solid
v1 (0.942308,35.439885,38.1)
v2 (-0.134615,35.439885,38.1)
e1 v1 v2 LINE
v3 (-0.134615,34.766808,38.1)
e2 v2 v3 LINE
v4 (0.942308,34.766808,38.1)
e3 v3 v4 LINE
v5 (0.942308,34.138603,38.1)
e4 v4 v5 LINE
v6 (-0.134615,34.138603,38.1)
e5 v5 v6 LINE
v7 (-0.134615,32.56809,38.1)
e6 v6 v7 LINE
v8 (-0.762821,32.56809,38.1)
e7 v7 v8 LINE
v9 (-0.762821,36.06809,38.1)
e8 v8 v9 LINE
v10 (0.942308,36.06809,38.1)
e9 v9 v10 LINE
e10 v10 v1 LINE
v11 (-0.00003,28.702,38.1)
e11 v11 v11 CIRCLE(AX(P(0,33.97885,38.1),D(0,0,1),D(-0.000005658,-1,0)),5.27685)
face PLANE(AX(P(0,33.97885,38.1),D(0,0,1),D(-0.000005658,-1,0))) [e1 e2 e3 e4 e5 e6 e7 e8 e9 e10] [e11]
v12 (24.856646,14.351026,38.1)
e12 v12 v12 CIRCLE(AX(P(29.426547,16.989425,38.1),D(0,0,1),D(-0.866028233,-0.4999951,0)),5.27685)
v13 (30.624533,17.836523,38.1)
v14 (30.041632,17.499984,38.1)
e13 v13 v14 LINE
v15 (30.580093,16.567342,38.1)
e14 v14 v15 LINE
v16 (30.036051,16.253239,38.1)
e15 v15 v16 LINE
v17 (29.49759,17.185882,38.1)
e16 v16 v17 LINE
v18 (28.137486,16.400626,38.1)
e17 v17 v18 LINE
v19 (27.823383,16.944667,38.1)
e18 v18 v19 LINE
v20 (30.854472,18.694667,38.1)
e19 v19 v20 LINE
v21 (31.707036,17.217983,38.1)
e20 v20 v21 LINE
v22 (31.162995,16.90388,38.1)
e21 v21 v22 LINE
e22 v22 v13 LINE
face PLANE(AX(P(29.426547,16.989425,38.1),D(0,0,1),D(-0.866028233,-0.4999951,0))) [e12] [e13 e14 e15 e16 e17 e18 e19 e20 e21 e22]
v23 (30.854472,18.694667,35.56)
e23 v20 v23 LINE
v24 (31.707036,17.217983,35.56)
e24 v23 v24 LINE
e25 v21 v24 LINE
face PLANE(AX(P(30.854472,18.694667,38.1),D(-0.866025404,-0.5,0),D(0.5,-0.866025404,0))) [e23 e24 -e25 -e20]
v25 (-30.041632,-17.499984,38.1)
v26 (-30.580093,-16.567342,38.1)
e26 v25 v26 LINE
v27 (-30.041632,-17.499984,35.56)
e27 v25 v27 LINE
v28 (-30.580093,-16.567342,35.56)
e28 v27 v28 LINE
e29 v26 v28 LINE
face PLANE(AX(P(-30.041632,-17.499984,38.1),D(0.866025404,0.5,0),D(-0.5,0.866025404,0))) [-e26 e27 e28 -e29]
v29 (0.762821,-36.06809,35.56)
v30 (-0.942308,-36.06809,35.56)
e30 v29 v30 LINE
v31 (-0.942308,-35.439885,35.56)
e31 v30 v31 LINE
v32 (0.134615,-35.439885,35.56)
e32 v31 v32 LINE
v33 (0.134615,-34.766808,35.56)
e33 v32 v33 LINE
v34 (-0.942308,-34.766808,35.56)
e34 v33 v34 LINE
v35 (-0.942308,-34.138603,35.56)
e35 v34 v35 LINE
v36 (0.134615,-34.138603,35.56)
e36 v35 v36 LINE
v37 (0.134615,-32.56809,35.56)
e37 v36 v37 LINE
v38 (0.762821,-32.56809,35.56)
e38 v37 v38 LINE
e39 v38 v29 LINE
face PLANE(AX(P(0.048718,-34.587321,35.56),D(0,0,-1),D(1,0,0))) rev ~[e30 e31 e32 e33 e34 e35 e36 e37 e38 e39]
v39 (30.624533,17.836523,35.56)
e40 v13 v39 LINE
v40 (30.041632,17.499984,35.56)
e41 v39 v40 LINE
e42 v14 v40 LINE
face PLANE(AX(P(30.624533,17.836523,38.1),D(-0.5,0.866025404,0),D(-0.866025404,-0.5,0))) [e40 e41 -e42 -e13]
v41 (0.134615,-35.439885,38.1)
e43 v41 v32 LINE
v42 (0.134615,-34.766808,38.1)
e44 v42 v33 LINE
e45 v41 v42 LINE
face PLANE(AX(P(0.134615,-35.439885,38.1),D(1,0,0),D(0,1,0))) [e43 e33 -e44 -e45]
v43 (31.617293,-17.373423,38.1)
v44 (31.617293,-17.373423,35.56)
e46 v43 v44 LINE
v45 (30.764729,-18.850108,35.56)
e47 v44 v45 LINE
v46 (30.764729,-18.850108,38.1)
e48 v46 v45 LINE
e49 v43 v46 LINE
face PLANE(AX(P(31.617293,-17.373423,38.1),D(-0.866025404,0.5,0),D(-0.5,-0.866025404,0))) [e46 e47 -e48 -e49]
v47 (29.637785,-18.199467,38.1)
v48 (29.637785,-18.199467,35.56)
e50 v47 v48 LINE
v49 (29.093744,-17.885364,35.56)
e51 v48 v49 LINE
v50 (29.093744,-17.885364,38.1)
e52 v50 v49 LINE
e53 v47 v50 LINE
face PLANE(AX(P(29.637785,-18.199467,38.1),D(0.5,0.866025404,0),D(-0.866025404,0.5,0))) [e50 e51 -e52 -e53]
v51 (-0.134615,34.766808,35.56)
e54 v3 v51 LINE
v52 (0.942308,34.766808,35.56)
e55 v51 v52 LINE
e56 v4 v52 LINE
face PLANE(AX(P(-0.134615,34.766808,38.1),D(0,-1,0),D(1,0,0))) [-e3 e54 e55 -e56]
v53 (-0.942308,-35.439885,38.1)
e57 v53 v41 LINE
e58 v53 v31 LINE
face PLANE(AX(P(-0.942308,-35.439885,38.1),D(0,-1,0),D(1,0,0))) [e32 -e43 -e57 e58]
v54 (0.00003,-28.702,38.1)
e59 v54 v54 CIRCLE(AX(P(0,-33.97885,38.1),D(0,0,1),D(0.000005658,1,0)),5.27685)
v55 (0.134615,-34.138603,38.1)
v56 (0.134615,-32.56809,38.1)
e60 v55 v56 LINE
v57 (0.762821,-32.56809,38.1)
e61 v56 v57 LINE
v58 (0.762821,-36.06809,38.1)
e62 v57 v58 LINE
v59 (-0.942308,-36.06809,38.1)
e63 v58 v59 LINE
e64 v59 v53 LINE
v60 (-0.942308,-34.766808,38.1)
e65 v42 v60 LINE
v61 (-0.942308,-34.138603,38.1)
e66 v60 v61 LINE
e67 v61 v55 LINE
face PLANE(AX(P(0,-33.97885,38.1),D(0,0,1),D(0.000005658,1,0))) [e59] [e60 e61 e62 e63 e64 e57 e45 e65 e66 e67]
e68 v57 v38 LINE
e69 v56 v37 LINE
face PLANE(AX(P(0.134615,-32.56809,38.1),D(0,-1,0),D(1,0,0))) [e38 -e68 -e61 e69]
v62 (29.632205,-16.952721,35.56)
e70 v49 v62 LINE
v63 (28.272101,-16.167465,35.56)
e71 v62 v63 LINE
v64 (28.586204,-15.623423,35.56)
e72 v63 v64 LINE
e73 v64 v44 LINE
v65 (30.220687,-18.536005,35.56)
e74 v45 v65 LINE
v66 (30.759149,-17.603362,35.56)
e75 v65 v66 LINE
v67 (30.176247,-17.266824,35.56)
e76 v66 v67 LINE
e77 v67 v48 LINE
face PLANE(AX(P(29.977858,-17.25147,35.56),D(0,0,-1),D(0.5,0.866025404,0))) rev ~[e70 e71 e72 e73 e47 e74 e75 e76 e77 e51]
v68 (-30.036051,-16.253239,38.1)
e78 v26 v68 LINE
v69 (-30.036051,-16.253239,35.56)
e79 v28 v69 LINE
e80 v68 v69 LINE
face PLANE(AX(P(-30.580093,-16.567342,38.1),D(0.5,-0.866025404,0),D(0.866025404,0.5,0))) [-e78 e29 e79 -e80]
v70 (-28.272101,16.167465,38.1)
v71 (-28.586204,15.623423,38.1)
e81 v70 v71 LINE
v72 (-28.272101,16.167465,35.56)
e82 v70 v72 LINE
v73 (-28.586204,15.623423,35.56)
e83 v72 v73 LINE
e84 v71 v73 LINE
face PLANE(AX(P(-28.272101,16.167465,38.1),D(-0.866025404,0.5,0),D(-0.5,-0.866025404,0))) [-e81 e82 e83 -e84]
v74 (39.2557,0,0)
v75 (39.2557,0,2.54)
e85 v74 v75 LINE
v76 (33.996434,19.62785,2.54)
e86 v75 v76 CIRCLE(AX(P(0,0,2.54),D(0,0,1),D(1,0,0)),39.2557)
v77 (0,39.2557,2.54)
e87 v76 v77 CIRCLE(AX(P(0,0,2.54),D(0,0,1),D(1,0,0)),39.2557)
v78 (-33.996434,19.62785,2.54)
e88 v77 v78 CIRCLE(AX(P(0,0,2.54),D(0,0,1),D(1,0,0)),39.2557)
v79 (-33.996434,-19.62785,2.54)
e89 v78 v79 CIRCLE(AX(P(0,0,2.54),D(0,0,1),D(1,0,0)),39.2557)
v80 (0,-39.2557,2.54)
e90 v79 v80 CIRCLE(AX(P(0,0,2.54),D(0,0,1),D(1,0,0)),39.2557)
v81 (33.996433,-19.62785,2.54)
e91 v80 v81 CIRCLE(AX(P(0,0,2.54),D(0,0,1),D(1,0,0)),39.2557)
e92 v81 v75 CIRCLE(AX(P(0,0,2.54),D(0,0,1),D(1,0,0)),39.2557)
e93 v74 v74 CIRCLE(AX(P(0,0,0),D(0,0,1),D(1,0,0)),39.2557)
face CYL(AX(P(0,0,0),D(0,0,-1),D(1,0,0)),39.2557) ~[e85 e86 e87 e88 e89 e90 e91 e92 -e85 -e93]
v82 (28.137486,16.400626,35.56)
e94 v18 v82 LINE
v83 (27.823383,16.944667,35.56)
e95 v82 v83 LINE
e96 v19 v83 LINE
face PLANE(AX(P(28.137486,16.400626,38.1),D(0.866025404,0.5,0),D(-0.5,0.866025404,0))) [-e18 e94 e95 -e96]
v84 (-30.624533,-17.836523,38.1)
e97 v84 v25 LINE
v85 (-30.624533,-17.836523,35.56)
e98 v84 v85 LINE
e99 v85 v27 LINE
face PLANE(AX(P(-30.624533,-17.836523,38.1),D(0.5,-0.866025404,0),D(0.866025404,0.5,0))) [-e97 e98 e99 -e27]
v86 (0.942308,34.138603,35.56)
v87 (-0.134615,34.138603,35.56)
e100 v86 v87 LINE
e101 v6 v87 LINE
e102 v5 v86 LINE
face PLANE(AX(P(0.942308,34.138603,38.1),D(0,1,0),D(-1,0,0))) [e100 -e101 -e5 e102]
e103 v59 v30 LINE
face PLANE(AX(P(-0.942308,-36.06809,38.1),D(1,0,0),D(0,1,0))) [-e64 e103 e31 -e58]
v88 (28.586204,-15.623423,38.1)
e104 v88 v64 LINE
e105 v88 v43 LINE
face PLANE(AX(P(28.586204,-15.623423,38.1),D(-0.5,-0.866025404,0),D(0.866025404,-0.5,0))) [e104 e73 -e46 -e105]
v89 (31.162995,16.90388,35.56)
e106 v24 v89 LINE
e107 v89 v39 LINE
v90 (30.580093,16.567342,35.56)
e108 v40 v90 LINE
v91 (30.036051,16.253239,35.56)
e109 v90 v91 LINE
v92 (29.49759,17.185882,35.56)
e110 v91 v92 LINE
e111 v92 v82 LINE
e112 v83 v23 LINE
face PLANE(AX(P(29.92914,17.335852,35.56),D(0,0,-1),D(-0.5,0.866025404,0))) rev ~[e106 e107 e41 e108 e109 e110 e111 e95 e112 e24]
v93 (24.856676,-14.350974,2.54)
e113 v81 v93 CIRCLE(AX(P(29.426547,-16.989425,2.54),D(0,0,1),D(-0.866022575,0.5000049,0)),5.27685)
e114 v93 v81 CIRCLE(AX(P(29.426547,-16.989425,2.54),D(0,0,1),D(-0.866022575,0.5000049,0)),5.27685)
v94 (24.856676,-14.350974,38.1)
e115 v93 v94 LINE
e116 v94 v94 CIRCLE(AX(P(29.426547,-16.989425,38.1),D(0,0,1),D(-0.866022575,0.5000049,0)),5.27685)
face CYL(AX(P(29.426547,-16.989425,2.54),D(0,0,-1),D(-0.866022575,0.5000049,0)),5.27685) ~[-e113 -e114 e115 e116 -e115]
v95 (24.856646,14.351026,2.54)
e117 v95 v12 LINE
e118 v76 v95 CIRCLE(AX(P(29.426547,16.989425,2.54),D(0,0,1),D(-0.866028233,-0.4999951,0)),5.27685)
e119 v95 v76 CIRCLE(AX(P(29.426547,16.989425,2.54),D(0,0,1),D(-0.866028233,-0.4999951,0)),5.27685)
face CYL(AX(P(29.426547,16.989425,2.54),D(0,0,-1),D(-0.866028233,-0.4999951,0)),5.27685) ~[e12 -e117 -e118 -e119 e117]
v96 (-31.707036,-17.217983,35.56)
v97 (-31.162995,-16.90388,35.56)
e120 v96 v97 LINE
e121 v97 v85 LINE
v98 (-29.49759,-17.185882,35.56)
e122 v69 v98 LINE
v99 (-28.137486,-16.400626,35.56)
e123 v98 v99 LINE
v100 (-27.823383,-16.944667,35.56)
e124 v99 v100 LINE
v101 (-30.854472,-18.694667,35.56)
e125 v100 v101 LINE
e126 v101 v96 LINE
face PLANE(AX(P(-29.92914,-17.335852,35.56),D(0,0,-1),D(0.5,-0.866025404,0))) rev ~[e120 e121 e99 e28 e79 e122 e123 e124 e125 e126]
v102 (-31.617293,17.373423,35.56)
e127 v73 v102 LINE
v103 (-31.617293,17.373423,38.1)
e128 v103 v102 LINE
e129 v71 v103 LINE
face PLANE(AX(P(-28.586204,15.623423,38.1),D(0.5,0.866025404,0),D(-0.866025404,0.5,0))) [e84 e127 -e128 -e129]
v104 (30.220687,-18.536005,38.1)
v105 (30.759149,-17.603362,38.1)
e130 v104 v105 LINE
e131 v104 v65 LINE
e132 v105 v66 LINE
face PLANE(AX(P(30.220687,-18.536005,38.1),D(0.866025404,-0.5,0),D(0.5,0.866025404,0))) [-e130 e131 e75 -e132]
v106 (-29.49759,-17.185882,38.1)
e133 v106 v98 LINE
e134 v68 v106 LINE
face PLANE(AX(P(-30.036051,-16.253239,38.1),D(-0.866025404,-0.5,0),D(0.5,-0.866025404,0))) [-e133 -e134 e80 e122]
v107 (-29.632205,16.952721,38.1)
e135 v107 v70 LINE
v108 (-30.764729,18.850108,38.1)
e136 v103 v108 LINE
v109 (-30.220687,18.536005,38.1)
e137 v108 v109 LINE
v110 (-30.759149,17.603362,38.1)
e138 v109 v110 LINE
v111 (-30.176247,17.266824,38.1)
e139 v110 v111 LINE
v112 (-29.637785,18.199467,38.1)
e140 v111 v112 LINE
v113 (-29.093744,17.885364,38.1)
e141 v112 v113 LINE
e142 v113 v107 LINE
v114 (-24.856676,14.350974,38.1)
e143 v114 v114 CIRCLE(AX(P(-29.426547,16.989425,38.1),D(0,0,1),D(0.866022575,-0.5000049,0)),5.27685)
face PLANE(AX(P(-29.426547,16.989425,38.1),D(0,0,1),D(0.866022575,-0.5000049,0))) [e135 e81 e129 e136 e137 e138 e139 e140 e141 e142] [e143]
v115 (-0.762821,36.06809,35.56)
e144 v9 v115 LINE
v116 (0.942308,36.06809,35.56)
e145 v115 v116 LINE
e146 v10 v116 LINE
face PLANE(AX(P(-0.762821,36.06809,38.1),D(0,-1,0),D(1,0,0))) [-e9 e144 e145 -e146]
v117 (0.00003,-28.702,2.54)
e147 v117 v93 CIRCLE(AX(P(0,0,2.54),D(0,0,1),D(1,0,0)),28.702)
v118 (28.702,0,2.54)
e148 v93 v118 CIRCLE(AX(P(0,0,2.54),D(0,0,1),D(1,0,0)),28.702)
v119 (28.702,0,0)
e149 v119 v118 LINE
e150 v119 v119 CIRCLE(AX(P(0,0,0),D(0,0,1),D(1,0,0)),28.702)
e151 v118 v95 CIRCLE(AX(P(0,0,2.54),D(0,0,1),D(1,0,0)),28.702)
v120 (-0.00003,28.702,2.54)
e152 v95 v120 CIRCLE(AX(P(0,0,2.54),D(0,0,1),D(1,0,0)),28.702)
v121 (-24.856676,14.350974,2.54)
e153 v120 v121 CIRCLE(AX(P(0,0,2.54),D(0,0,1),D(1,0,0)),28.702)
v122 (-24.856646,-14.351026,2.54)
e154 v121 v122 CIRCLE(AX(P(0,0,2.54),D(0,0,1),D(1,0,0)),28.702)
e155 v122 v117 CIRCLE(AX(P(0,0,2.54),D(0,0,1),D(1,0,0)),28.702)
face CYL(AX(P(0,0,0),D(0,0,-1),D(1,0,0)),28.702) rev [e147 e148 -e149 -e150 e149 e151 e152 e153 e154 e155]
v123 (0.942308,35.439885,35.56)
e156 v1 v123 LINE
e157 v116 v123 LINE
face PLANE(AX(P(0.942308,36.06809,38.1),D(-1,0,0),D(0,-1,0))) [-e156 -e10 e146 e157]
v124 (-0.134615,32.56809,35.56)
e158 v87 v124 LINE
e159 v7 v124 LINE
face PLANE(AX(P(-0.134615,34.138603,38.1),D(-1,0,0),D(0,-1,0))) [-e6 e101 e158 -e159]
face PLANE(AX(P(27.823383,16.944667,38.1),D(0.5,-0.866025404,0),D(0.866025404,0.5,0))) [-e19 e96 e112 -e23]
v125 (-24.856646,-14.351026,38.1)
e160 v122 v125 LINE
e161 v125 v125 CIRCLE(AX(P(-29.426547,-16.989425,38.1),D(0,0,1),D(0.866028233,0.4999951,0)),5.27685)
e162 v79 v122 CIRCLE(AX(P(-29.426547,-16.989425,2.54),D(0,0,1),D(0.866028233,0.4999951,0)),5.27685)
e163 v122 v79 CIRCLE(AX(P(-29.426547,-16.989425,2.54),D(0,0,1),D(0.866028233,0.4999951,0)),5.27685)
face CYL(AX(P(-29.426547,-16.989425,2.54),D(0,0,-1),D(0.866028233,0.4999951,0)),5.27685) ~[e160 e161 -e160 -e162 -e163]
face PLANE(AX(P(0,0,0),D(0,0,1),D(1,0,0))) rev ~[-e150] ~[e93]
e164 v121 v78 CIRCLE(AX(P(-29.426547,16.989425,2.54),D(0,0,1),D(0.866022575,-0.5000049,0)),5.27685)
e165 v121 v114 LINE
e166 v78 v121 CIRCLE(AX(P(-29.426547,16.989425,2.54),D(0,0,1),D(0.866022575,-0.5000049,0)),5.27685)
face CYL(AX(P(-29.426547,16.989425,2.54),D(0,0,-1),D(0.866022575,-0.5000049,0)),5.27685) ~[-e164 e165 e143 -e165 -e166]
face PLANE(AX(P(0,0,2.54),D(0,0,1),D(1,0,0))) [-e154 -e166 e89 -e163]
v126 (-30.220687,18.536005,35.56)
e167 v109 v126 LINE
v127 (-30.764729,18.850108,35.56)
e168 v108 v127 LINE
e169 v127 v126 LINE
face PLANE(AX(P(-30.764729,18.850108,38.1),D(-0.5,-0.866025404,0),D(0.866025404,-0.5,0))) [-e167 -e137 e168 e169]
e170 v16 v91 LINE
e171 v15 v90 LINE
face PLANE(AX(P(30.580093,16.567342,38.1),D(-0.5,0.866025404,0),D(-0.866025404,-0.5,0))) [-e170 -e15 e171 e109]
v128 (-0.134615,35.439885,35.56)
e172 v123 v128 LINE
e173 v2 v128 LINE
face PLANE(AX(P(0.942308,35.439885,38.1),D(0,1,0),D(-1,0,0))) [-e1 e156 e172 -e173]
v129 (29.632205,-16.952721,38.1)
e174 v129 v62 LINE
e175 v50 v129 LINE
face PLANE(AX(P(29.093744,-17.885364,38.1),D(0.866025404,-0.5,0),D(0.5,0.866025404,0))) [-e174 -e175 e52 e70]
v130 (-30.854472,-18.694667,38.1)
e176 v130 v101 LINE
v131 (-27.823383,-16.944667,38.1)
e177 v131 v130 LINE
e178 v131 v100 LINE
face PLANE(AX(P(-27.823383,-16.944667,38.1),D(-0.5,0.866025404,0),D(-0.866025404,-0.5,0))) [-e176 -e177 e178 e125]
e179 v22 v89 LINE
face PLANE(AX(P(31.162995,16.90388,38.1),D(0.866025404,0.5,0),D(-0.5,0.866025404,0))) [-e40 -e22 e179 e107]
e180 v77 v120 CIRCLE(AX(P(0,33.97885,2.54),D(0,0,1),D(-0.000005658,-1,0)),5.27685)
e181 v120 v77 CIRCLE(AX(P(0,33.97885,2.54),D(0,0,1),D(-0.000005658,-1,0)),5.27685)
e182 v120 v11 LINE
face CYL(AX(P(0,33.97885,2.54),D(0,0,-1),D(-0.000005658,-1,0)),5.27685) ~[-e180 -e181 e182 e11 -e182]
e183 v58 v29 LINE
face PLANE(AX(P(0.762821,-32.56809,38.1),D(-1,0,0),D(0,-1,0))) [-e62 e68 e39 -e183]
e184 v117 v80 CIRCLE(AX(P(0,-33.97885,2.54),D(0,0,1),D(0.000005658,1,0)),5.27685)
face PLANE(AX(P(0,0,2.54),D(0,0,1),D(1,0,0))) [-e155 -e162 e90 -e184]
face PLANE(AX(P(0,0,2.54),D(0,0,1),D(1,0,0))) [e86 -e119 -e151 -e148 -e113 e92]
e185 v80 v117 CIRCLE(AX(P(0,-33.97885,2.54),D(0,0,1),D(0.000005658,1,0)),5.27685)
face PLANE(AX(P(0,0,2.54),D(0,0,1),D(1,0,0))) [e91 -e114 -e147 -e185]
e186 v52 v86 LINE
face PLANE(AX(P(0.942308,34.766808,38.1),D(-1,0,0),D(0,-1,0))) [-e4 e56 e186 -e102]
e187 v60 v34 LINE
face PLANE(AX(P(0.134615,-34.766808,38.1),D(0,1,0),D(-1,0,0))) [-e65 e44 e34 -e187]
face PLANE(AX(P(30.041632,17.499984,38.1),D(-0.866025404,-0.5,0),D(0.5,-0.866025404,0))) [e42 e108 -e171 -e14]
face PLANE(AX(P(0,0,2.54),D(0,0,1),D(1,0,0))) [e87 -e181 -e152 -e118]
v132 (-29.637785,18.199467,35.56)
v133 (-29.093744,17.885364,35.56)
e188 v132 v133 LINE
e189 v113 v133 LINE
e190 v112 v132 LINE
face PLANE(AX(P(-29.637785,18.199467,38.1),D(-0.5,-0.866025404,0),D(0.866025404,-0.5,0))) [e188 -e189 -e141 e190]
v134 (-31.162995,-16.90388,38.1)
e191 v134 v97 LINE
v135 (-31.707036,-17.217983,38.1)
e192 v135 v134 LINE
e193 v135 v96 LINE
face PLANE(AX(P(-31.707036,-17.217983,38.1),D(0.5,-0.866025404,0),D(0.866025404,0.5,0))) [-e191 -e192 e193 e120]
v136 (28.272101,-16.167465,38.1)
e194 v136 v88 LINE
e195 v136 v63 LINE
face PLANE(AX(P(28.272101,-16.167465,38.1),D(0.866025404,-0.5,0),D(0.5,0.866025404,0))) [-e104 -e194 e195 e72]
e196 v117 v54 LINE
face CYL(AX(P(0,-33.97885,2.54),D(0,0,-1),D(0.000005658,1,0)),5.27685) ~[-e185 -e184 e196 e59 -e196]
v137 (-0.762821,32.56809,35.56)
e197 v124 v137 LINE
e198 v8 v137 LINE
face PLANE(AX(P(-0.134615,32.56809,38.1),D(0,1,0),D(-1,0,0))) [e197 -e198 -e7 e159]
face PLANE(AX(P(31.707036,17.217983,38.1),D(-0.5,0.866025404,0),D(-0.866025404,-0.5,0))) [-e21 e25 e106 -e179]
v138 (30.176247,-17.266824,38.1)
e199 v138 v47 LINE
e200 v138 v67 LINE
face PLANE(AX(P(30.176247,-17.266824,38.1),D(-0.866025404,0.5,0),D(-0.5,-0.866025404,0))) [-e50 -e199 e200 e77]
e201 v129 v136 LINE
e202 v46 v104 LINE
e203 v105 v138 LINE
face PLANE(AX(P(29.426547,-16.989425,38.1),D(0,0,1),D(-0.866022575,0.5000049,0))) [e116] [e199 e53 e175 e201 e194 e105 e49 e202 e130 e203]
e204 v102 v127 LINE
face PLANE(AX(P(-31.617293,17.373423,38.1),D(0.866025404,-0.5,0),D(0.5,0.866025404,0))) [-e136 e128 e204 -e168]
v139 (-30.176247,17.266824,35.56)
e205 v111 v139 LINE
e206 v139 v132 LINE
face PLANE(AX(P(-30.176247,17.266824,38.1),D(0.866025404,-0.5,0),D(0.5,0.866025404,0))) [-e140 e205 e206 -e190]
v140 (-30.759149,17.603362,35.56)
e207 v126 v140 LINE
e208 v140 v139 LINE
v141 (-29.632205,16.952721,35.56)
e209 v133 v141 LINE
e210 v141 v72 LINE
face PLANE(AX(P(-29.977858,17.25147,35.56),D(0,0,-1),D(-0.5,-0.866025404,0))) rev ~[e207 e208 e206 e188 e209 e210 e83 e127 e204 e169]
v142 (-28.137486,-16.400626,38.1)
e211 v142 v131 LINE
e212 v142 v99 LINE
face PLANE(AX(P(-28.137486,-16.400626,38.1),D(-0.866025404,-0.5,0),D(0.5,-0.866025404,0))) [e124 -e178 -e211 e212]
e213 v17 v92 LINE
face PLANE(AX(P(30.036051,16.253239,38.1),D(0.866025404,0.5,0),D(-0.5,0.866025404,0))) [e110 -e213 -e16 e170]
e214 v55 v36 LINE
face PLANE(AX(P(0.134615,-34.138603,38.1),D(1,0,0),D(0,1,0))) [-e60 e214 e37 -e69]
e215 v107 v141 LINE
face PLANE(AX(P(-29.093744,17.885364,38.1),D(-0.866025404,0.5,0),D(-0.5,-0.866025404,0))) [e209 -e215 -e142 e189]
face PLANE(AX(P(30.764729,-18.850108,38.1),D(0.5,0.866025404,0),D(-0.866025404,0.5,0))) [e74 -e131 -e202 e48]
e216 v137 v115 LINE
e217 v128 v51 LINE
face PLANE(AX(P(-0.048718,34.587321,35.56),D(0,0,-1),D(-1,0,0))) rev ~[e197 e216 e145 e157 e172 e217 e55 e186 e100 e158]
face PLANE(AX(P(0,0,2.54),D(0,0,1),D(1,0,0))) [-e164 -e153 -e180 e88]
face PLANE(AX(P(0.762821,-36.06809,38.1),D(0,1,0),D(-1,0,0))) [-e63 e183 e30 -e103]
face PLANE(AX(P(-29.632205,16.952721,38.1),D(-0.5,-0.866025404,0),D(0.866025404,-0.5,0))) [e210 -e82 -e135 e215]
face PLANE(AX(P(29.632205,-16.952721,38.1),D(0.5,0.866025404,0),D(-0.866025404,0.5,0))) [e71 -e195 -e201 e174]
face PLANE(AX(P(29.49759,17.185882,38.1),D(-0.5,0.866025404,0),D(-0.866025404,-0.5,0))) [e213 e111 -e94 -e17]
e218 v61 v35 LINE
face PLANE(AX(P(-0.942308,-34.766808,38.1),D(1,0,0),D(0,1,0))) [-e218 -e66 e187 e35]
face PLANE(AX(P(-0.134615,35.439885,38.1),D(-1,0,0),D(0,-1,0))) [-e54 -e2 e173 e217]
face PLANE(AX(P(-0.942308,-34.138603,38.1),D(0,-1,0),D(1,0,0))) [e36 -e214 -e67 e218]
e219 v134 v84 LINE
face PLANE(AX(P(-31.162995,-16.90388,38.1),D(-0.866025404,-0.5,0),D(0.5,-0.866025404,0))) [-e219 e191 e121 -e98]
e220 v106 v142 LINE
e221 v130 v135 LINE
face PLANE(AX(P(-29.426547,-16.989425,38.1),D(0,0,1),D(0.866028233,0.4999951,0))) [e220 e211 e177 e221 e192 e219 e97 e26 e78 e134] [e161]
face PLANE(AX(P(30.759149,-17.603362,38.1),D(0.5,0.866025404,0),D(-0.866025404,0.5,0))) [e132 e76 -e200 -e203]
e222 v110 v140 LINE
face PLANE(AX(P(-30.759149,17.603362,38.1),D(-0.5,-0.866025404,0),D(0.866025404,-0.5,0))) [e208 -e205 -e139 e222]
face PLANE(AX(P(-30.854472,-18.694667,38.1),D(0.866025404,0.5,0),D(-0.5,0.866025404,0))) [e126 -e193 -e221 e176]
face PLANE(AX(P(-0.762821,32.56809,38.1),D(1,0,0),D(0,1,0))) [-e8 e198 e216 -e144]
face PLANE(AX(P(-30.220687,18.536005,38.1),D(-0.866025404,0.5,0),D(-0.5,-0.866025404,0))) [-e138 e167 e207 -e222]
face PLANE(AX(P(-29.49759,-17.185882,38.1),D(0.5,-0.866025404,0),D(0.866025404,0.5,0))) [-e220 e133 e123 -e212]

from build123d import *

# Parameters (mm, degrees)
SKETCH2_R           = 39.2557
SKETCH2_R_2         = 28.702
BOSS_EXTRUDE1_DEPTH = 2.54
SKETCH3_R           = 5.27685
BOSS_EXTRUDE2_DEPTH = 35.56
CUT_EXTRUDE1_DEPTH  = 2.54
CIRPATTERN1_COUNT   = 6


with BuildPart() as part:
    # Sketch2 → Boss-Extrude1 (new body)
    with BuildSketch(Plane.XY):
        Circle(SKETCH2_R)
        Circle(SKETCH2_R_2, mode=Mode.SUBTRACT)
    extrude(amount=BOSS_EXTRUDE1_DEPTH)

    # Sketch3 → Boss-Extrude2 (add)
    with BuildSketch(Plane.XY.offset(2.54)):
        with Locations(Location((0, 33.97885, 0), (0, 0, 269.999675818))):
            Circle(SKETCH3_R)
    boss_extrude2 = extrude(amount=BOSS_EXTRUDE2_DEPTH)

    # Sketch4 → Cut-Extrude1 (cut)
    with BuildSketch(Plane.XY.offset(38.1)):
        Polygon((-0.762820513, 36.068090357), (0.942307692, 36.068090357), (0.942307692, 35.439885228), (-0.134615385, 35.439885228), (-0.134615385, 34.766808305), (0.942307692, 34.766808305), (0.942307692, 34.138603177), (-0.134615385, 34.138603177), (-0.134615385, 32.568090357), (-0.762820513, 32.568090357), align=None)
    cut_extrude1 = extrude(amount=-CUT_EXTRUDE1_DEPTH, mode=Mode.SUBTRACT)

    # CirPattern1: Boss-Extrude2, Cut-Extrude1 ×6 about axis
    cirpattern1_axis = Axis((0, 0, 0), (0, 0, 1))
    add([boss_extrude2.rotate(cirpattern1_axis, i * 360 / CIRPATTERN1_COUNT) for i in range(1, CIRPATTERN1_COUNT)])
    add([cut_extrude1.rotate(cirpattern1_axis, i * 360 / CIRPATTERN1_COUNT) for i in range(1, CIRPATTERN1_COUNT)], mode=Mode.SUBTRACT)


solid = part.part
